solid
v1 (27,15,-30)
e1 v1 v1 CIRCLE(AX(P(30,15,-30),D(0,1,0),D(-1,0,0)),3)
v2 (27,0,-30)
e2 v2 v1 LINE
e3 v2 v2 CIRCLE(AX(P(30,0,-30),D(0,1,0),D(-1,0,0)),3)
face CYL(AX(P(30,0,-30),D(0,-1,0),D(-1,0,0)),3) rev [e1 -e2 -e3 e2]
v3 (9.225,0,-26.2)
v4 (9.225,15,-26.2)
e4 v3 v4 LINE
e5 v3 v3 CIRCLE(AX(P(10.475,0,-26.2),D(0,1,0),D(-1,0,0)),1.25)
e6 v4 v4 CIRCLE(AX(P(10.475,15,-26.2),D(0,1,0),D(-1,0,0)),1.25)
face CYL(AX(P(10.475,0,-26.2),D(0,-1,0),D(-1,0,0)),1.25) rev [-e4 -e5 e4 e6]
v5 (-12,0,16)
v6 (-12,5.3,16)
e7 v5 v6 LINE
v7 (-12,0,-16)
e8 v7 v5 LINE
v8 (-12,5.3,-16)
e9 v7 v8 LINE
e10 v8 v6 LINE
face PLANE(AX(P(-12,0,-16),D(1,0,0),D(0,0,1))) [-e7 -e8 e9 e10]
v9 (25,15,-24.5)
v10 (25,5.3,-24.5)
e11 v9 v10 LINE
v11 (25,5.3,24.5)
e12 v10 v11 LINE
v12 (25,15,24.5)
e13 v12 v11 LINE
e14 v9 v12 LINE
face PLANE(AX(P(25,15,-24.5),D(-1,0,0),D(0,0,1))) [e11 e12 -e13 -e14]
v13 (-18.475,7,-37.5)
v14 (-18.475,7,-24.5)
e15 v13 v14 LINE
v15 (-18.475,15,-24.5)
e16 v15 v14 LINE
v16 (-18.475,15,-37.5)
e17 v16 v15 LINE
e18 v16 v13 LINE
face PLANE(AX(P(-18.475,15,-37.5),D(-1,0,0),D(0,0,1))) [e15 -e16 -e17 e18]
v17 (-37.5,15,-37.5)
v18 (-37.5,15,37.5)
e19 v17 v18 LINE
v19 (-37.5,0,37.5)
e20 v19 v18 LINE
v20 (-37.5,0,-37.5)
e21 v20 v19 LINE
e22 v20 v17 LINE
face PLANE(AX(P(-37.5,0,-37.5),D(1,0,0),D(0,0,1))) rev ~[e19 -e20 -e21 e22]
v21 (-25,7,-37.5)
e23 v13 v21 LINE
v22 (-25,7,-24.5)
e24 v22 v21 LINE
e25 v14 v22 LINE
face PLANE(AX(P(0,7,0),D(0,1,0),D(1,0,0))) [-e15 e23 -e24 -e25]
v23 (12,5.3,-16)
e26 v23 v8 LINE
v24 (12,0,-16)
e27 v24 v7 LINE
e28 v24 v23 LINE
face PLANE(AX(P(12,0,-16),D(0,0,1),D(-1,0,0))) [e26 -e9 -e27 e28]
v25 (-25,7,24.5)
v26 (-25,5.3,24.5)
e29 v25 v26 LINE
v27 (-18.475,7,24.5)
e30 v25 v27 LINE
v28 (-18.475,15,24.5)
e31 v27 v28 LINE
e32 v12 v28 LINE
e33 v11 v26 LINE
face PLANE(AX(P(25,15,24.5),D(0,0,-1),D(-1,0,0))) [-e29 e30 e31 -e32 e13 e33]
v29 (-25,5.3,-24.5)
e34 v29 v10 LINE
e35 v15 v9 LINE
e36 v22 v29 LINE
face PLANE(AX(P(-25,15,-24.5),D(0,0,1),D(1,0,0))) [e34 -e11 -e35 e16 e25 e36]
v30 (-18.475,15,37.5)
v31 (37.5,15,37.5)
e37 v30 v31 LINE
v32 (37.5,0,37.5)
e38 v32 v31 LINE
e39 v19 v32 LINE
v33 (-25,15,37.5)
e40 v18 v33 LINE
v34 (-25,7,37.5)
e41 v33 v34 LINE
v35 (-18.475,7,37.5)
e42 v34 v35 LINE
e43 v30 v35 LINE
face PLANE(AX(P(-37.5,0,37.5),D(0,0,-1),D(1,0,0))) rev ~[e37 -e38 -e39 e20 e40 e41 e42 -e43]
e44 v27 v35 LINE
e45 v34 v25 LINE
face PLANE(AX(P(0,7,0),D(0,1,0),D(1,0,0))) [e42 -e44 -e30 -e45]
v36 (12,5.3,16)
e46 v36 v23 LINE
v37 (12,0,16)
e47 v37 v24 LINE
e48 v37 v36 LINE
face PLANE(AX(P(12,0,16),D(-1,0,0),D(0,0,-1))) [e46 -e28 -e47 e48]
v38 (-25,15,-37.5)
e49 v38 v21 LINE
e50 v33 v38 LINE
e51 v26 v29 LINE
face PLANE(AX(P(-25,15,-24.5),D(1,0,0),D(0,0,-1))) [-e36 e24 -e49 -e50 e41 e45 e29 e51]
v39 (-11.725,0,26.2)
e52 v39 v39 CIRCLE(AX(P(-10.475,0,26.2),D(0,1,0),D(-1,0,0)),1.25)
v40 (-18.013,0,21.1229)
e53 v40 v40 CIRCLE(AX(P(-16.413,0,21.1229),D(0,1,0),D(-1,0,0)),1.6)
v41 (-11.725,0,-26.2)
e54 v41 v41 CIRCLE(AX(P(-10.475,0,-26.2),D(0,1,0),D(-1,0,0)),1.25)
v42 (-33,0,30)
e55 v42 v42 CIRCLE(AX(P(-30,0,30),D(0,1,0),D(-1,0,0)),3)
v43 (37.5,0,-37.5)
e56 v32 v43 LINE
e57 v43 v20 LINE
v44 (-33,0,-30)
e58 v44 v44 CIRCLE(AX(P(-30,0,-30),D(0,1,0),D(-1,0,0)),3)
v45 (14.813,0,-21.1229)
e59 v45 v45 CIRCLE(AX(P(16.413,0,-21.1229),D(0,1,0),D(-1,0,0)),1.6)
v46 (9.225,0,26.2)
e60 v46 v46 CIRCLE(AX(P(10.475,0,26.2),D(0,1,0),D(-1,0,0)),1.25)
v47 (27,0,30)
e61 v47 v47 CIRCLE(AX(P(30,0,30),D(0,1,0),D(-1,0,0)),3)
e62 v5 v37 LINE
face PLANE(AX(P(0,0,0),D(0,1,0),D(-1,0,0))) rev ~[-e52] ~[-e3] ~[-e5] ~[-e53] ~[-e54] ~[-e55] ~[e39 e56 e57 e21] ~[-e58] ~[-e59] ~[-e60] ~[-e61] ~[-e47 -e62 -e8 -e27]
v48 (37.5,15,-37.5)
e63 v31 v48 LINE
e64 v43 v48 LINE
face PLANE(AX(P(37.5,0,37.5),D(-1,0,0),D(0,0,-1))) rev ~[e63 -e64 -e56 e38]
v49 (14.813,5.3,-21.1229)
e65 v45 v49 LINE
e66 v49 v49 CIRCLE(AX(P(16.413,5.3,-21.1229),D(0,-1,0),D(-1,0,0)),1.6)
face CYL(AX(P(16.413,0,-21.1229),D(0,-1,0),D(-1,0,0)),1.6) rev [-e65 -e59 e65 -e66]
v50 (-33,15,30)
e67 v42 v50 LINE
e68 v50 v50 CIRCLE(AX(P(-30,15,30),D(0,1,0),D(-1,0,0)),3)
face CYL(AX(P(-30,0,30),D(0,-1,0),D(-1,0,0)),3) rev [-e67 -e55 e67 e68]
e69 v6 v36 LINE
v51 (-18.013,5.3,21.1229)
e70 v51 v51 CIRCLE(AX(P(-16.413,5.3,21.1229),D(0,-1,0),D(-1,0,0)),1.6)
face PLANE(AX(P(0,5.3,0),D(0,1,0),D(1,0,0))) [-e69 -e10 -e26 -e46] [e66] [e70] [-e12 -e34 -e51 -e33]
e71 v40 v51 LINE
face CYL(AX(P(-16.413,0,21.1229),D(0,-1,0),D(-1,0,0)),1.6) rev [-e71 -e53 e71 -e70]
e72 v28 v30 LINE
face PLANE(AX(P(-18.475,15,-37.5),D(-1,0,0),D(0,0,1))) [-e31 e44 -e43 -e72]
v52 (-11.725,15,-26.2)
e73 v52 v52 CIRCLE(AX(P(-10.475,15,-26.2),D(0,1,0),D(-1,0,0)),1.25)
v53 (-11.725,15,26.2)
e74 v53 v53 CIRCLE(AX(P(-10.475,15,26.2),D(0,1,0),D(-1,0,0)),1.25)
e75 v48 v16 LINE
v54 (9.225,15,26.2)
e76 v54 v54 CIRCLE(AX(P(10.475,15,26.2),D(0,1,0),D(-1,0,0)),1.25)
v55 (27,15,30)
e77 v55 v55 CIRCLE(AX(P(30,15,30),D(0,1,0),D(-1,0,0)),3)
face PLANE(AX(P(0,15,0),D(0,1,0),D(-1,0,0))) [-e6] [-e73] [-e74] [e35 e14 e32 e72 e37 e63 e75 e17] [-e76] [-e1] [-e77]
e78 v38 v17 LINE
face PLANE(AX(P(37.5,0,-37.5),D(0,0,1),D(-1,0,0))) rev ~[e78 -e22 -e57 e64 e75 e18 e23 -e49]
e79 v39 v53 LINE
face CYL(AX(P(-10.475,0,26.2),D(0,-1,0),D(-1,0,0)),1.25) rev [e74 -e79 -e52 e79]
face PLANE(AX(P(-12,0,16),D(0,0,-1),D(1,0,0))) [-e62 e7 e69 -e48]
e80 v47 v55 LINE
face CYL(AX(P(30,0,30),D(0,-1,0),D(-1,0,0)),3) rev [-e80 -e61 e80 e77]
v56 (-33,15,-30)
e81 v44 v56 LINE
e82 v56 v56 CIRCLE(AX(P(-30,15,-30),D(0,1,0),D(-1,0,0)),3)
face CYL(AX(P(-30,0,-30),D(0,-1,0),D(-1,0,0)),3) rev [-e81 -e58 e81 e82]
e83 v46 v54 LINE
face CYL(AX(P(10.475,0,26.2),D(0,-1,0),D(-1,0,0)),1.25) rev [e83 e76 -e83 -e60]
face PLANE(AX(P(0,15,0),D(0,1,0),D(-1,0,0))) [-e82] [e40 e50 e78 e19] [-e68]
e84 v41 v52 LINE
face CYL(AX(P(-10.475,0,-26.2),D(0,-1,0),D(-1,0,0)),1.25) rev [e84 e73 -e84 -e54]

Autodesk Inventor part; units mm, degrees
ref_plane "YZ Plane" through (0, 0, 0) normal (1, 0, 0) x (0, 1, 0)
ref_plane "XZ Plane" through (0, 0, 0) normal (0, 1, 0) x (-1, 0, 0)
ref_plane "XY Plane" through (0, 0, 0) normal (0, 0, 1) x (1, 0, 0)
sketch "Baza" plane through (0, 0, 0) normal (0, 1, 0) x (-1, 0, 0)
  line L0 (30, 30) -> (-30, 30) construction
  line L1 (-30, 30) -> (-30, -30) construction
  line L2 (-30, -30) -> (30, -30) construction
  line L3 (30, -30) -> (30, 30) construction
  line L4 (30, 30) -> (-30, -30) construction
  line L5 (-30, 30) -> (30, -30) construction
  circle A0 centre (30, -30) radius 3
  circle A1 centre (30, 30) radius 3
  circle A2 centre (-30, 30) radius 3
  circle A3 centre (-30, -30) radius 3
  line L6 (37.5, 37.5) -> (-37.5, 37.5)
  line L7 (-37.5, 37.5) -> (-37.5, -37.5)
  line L8 (-37.5, -37.5) -> (37.5, -37.5)
  line L9 (37.5, -37.5) -> (37.5, 37.5)
  line L10 (37.5, 37.5) -> (-37.5, -37.5) construction
  line L11 (-37.5, 37.5) -> (37.5, -37.5) construction
  line L12 (10.475, 26.2) -> (-10.475, 26.2) construction
  line L13 (-10.475, 26.2) -> (-10.475, -26.2) construction
  line L14 (-10.475, -26.2) -> (10.475, -26.2) construction
  line L15 (10.475, -26.2) -> (10.475, 26.2) construction
  line L16 (10.475, 26.2) -> (-10.475, -26.2) construction
  line L17 (-10.475, 26.2) -> (10.475, -26.2) construction
  circle A4 centre (10.475, 26.2) radius 1.25
  circle A5 centre (-10.475, 26.2) radius 1.25
  circle A6 centre (-10.475, -26.2) radius 1.25
  circle A7 centre (10.475, -26.2) radius 1.25
  line L18 (12, 16) -> (-12, 16)
  line L19 (-12, 16) -> (-12, -16)
  line L20 (-12, -16) -> (12, -16)
  line L21 (12, -16) -> (12, 16)
  line L22 (12, 16) -> (-12, -16) construction
  line L23 (-12, 16) -> (12, -16) construction
  circle A8 centre (16.413, 21.1229) radius 1.6
  circle A9 centre (-16.413, -21.1229) radius 1.6
  point P0 (0, 0)
  dimension "d0" = 60
  dimension "d1" = 6
  dimension "d2" = 75
  dimension "d3" = 20.95
  dimension "d4" = 52.4
  dimension "d5" = 2.5
  dimension "d6" = 24
  dimension "d7" = 32
  dimension "d12" = 3.2
  dimension "d20" = 5.938
  dimension "d21" = 5.0771
  dimension "d22" = 5.938
  dimension "d23" = 5.0771
extrude "Wyciągnięcie proste1" add sketch "Baza" along normal blind 15
sketch "Szkic2" plane through (0, 15, 0) normal (0, 1, 0) x (1, 0, 0)
  line L0 (37.5, -37.5) -> (37.5, 37.5) projected
  line L1 (37.5, 37.5) -> (-37.5, 37.5) projected
  line L2 (-37.5, 37.5) -> (-37.5, -37.5) projected
  line L3 (-37.5, -37.5) -> (37.5, -37.5) projected
  circle A0 centre (16.413, 21.1229) radius 1.6 projected
  circle A1 centre (-10.475, 26.2) radius 1.25 projected
  circle A2 centre (10.475, 26.2) radius 1.25 projected
  circle A3 centre (10.475, -26.2) radius 1.25 projected
  circle A4 centre (-10.475, -26.2) radius 1.25 projected
  circle A5 centre (30, 30) radius 3 projected
  circle A6 centre (30, -30) radius 3 projected
  circle A7 centre (-30, -30) radius 3 projected
  circle A8 centre (-30, 30) radius 3 projected
  circle A9 centre (-16.413, -21.1229) radius 1.6 projected
  line L4 (-12, -16) -> (-12, 16) projected
  line L5 (-12, 16) -> (12, 16) projected
  line L6 (12, 16) -> (12, -16) projected
  line L7 (12, -16) -> (-12, -16) projected
  line L8 (-12, -16) -> (-12, 16) projected
  point P0 (0, 0)
sketch "Szkic3" plane through (0, 15, 0) normal (0, 1, 0) x (1, 0, 0)
  line L0 (25, -24.5) -> (-25, -24.5)
  line L1 (-25, -24.5) -> (-25, 24.5)
  line L2 (-25, 24.5) -> (25, 24.5)
  line L3 (25, 24.5) -> (25, -24.5)
  line L4 (25, -24.5) -> (-25, 24.5) construction
  line L5 (-25, -24.5) -> (25, 24.5) construction
  point P0 (0, 0)
  dimension "d16" = 49
  dimension "d17" = 50
extrude "Wyciągnięcie proste2" cut sketch "Szkic3" against normal blind 9.7
sketch "Szkic4" plane through (0, 15, 0) normal (0, 1, 0) x (1, 0, 0)
  line L0 (37.5, 37.5) -> (-37.5, 37.5) projected
  line L1 (-37.5, -37.5) -> (37.5, -37.5) projected
  line L2 (-25, 37.5) -> (-18.475, 37.5)
  line L3 (-18.475, 37.5) -> (-18.475, -37.5)
  line L4 (-18.475, -37.5) -> (-25, -37.5)
  line L5 (-25, -37.5) -> (-25, 37.5)
  circle A0 centre (-10.475, 26.2) radius 1.25 projected
  line L6 (-25, -24.5) -> (-25, 24.5) projected
  point P0 (0, 0)
  dimension "d24" = 8
extrude "Wyciągnięcie proste3" cut sketch "Szkic4" against normal blind 8 contours L3 L1 L5 L0
properties part number "dmd_cnc"
